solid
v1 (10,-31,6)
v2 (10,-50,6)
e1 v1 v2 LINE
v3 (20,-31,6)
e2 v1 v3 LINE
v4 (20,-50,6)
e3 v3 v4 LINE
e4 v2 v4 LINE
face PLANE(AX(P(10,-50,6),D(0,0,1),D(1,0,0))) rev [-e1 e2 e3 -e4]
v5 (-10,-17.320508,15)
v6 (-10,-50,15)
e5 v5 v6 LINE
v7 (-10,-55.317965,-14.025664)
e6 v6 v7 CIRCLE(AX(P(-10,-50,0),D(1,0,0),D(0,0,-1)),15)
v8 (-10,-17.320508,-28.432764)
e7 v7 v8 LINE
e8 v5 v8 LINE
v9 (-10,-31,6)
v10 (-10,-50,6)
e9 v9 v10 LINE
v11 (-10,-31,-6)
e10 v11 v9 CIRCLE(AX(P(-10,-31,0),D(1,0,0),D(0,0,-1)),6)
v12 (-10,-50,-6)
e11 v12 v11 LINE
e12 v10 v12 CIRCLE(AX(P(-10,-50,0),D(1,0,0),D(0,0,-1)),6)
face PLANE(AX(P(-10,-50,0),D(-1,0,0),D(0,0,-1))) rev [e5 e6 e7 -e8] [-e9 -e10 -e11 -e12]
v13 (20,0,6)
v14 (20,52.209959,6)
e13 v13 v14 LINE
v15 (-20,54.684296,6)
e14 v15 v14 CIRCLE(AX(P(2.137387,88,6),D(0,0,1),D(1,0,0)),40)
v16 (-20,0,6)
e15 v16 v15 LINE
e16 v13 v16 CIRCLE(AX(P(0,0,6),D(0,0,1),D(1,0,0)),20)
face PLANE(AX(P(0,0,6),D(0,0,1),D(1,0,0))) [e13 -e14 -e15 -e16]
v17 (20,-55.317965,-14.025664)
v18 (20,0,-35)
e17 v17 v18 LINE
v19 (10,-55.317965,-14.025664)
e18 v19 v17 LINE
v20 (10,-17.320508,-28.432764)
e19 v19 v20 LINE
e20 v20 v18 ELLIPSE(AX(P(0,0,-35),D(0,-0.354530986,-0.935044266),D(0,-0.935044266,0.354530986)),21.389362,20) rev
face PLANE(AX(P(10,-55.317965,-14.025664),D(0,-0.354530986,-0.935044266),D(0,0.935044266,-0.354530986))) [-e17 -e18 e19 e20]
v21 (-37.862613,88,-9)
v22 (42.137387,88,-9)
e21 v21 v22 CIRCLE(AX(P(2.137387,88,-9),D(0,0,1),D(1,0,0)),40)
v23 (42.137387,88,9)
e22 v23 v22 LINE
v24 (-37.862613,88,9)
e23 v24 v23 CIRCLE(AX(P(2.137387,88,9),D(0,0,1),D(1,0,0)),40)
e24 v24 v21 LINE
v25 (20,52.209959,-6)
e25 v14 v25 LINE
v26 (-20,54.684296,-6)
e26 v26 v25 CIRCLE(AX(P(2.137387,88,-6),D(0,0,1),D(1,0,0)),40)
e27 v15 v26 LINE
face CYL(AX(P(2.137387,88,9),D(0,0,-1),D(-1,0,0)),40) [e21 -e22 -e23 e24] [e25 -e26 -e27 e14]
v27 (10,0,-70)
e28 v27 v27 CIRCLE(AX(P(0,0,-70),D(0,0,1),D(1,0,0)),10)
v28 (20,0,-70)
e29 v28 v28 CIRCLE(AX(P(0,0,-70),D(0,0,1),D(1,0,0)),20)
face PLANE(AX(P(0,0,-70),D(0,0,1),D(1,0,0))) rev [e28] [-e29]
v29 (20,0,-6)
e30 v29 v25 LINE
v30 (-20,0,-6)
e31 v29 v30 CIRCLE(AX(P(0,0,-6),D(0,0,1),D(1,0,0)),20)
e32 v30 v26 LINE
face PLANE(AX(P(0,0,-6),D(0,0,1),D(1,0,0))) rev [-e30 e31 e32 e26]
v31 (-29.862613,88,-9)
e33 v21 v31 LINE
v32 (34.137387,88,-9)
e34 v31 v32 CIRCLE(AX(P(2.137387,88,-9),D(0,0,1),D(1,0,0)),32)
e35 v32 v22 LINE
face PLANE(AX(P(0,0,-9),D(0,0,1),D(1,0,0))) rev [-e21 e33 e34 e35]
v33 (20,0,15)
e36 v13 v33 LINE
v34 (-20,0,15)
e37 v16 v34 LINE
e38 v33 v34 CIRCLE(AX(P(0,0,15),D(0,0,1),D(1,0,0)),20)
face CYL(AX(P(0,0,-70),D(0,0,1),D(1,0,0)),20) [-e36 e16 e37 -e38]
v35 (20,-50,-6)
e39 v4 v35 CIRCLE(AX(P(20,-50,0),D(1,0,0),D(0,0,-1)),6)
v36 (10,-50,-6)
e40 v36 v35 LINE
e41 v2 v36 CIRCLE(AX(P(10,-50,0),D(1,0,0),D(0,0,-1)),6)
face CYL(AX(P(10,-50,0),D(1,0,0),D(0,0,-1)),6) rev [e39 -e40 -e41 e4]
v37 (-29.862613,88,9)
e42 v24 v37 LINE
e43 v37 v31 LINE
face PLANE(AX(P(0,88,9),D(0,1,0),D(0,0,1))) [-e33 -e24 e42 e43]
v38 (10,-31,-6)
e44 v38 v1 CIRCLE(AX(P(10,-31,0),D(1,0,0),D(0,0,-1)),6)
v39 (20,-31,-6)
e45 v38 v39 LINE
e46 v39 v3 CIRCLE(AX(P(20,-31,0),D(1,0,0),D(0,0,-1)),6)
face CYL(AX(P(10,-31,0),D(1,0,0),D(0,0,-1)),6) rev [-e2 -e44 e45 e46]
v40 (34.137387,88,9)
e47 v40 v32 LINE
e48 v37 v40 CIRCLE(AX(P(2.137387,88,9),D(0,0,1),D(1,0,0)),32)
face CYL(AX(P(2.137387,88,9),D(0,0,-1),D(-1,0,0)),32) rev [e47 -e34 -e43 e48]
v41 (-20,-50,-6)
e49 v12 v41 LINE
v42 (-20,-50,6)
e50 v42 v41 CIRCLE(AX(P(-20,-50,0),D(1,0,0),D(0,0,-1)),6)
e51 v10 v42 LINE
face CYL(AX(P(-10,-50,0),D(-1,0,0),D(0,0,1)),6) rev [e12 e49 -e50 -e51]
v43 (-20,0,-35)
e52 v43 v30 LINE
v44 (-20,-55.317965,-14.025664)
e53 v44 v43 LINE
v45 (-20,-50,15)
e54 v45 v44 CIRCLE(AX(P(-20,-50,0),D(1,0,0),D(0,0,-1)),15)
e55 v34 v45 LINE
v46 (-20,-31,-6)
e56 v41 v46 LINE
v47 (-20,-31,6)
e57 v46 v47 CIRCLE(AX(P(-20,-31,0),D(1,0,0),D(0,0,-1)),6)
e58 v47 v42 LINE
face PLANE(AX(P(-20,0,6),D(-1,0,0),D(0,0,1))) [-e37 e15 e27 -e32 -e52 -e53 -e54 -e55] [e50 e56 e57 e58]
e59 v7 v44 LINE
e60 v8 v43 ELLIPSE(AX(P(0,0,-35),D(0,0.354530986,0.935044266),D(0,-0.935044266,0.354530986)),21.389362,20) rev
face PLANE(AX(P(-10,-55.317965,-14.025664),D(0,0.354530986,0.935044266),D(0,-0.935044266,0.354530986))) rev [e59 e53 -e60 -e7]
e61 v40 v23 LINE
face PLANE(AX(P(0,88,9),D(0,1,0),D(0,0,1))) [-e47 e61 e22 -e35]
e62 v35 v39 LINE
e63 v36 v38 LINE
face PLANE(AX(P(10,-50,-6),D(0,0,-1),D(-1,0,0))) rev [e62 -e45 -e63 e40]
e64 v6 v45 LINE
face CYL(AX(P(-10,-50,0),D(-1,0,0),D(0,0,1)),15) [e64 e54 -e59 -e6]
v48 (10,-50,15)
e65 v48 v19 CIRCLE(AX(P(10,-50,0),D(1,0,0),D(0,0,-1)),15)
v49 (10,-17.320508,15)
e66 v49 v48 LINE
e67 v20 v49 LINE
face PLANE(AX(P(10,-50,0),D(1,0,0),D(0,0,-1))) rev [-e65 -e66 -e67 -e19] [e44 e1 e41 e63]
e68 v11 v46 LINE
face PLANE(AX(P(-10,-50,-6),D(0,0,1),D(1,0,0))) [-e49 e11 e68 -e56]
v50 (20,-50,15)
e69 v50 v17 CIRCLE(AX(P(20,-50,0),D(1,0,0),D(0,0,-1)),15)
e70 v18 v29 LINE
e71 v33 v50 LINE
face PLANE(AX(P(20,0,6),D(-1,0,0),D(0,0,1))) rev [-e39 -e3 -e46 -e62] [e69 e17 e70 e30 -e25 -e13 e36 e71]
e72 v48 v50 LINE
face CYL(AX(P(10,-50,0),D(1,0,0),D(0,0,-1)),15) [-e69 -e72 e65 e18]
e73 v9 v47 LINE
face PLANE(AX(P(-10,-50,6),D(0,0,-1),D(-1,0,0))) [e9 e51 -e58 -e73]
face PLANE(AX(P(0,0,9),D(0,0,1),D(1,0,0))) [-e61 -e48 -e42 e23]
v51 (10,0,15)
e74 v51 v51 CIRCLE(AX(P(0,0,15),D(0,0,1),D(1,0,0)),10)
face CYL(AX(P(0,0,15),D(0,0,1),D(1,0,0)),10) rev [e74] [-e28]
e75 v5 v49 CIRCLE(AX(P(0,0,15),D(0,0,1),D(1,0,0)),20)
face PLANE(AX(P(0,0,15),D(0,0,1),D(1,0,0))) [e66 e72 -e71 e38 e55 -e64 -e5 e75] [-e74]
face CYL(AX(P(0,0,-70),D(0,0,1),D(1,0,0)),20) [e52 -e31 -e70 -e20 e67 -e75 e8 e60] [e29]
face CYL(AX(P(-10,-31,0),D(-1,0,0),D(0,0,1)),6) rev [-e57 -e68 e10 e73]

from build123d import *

# Parameters (mm, degrees)
BOSS_EXTRUDE1_DEPTH      = 9
BOSS_EXTRUDE2_DEPTH      = 6
BOSS_EXTRUDE3_DEPTH      = 15
BOSS_EXTRUDE3_DEPTH_BACK = 70
SKETCH1_4_R              = 20
BOSS_EXTRUDE4_DEPTH      = 10
SKETCH3_W                = 10
SKETCH3_H                = 85.001


with BuildPart() as part:
    # Sketch1 → Boss-Extrude1 (new, symmetric)
    with BuildSketch(Plane.XY):
        with BuildLine():
            ThreePointArc((-29.862613088, 88), (2.137386912, 56), (34.137386912, 88))
            Line((34.137386912, 88), (42.137386912, 88))
            ThreePointArc((42.137386912, 88), (2.137386912, 48), (-37.862613088, 88))
            Line((-37.862613088, 88), (-29.862613088, 88))
        make_face()
    extrude(amount=BOSS_EXTRUDE1_DEPTH, both=True)

    # Sketch1<3> → Boss-Extrude2 (add, symmetric)
    with BuildSketch(Plane.XY):
        with BuildLine():
            ThreePointArc((20, 52.209958736), (-0.332230393, 48.076310411), (-20, 54.684296485))
            Line((-20, 54.684296485), (-20, 0))
            ThreePointArc((-20, 0), (0, 20), (20, 0))
            Line((20, 0), (20, 52.209958736))
        make_face()
    extrude(amount=BOSS_EXTRUDE2_DEPTH, both=True)

    # Sketch1<4> → Boss-Extrude3 (add, two sides: drawn at the far end of the back side and taken through both)
    with BuildSketch(Plane.XY.offset(-BOSS_EXTRUDE3_DEPTH_BACK)):
        Circle(SKETCH1_4_R)
    extrude(amount=BOSS_EXTRUDE3_DEPTH + BOSS_EXTRUDE3_DEPTH_BACK)

    # Sketch2 → Boss-Extrude4 (add)
    with BuildSketch(Plane(origin=(20, 0, 0), x_dir=(0, 0, -1), z_dir=(1, 0, 0))):
        with BuildLine():
            Line((-15, 0), (-15, -50))
            ThreePointArc((-15, -50), (-2.703242507, -64.754405442), (14.025663993, -55.317964795))
            Line((14.025663993, -55.317964795), (35, 0))
            Line((35, 0), (-15, 0))
        make_face()
        with BuildLine():
            Line((-6, -50), (-6, -31))
            ThreePointArc((-6, -31), (0, -25), (6, -31))
            Line((6, -31), (6, -50))
            ThreePointArc((6, -50), (0, -56), (-6, -50))
        make_face(mode=Mode.SUBTRACT)
    boss_extrude4 = extrude(amount=-BOSS_EXTRUDE4_DEPTH)

    # Mirror1: Boss-Extrude4 across plane
    add(boss_extrude4.mirror(Plane(origin=(0, 0, 0), x_dir=(0, 0, 1), z_dir=(1, 0, 0))))

    # Sketch3 → Ø20.0 (20) Diameter Hole1 (revolve, cut)
    with BuildSketch(Plane(origin=(0, 0, 15), x_dir=(0, -1, 0), z_dir=(1, 0, 0))):
        with Locations((5, 42.5005)):
            Rectangle(SKETCH3_W, SKETCH3_H)
    revolve(axis=Axis((0, 0, 21.35), (0, 0, -1)), mode=Mode.SUBTRACT)


solid = part.part
